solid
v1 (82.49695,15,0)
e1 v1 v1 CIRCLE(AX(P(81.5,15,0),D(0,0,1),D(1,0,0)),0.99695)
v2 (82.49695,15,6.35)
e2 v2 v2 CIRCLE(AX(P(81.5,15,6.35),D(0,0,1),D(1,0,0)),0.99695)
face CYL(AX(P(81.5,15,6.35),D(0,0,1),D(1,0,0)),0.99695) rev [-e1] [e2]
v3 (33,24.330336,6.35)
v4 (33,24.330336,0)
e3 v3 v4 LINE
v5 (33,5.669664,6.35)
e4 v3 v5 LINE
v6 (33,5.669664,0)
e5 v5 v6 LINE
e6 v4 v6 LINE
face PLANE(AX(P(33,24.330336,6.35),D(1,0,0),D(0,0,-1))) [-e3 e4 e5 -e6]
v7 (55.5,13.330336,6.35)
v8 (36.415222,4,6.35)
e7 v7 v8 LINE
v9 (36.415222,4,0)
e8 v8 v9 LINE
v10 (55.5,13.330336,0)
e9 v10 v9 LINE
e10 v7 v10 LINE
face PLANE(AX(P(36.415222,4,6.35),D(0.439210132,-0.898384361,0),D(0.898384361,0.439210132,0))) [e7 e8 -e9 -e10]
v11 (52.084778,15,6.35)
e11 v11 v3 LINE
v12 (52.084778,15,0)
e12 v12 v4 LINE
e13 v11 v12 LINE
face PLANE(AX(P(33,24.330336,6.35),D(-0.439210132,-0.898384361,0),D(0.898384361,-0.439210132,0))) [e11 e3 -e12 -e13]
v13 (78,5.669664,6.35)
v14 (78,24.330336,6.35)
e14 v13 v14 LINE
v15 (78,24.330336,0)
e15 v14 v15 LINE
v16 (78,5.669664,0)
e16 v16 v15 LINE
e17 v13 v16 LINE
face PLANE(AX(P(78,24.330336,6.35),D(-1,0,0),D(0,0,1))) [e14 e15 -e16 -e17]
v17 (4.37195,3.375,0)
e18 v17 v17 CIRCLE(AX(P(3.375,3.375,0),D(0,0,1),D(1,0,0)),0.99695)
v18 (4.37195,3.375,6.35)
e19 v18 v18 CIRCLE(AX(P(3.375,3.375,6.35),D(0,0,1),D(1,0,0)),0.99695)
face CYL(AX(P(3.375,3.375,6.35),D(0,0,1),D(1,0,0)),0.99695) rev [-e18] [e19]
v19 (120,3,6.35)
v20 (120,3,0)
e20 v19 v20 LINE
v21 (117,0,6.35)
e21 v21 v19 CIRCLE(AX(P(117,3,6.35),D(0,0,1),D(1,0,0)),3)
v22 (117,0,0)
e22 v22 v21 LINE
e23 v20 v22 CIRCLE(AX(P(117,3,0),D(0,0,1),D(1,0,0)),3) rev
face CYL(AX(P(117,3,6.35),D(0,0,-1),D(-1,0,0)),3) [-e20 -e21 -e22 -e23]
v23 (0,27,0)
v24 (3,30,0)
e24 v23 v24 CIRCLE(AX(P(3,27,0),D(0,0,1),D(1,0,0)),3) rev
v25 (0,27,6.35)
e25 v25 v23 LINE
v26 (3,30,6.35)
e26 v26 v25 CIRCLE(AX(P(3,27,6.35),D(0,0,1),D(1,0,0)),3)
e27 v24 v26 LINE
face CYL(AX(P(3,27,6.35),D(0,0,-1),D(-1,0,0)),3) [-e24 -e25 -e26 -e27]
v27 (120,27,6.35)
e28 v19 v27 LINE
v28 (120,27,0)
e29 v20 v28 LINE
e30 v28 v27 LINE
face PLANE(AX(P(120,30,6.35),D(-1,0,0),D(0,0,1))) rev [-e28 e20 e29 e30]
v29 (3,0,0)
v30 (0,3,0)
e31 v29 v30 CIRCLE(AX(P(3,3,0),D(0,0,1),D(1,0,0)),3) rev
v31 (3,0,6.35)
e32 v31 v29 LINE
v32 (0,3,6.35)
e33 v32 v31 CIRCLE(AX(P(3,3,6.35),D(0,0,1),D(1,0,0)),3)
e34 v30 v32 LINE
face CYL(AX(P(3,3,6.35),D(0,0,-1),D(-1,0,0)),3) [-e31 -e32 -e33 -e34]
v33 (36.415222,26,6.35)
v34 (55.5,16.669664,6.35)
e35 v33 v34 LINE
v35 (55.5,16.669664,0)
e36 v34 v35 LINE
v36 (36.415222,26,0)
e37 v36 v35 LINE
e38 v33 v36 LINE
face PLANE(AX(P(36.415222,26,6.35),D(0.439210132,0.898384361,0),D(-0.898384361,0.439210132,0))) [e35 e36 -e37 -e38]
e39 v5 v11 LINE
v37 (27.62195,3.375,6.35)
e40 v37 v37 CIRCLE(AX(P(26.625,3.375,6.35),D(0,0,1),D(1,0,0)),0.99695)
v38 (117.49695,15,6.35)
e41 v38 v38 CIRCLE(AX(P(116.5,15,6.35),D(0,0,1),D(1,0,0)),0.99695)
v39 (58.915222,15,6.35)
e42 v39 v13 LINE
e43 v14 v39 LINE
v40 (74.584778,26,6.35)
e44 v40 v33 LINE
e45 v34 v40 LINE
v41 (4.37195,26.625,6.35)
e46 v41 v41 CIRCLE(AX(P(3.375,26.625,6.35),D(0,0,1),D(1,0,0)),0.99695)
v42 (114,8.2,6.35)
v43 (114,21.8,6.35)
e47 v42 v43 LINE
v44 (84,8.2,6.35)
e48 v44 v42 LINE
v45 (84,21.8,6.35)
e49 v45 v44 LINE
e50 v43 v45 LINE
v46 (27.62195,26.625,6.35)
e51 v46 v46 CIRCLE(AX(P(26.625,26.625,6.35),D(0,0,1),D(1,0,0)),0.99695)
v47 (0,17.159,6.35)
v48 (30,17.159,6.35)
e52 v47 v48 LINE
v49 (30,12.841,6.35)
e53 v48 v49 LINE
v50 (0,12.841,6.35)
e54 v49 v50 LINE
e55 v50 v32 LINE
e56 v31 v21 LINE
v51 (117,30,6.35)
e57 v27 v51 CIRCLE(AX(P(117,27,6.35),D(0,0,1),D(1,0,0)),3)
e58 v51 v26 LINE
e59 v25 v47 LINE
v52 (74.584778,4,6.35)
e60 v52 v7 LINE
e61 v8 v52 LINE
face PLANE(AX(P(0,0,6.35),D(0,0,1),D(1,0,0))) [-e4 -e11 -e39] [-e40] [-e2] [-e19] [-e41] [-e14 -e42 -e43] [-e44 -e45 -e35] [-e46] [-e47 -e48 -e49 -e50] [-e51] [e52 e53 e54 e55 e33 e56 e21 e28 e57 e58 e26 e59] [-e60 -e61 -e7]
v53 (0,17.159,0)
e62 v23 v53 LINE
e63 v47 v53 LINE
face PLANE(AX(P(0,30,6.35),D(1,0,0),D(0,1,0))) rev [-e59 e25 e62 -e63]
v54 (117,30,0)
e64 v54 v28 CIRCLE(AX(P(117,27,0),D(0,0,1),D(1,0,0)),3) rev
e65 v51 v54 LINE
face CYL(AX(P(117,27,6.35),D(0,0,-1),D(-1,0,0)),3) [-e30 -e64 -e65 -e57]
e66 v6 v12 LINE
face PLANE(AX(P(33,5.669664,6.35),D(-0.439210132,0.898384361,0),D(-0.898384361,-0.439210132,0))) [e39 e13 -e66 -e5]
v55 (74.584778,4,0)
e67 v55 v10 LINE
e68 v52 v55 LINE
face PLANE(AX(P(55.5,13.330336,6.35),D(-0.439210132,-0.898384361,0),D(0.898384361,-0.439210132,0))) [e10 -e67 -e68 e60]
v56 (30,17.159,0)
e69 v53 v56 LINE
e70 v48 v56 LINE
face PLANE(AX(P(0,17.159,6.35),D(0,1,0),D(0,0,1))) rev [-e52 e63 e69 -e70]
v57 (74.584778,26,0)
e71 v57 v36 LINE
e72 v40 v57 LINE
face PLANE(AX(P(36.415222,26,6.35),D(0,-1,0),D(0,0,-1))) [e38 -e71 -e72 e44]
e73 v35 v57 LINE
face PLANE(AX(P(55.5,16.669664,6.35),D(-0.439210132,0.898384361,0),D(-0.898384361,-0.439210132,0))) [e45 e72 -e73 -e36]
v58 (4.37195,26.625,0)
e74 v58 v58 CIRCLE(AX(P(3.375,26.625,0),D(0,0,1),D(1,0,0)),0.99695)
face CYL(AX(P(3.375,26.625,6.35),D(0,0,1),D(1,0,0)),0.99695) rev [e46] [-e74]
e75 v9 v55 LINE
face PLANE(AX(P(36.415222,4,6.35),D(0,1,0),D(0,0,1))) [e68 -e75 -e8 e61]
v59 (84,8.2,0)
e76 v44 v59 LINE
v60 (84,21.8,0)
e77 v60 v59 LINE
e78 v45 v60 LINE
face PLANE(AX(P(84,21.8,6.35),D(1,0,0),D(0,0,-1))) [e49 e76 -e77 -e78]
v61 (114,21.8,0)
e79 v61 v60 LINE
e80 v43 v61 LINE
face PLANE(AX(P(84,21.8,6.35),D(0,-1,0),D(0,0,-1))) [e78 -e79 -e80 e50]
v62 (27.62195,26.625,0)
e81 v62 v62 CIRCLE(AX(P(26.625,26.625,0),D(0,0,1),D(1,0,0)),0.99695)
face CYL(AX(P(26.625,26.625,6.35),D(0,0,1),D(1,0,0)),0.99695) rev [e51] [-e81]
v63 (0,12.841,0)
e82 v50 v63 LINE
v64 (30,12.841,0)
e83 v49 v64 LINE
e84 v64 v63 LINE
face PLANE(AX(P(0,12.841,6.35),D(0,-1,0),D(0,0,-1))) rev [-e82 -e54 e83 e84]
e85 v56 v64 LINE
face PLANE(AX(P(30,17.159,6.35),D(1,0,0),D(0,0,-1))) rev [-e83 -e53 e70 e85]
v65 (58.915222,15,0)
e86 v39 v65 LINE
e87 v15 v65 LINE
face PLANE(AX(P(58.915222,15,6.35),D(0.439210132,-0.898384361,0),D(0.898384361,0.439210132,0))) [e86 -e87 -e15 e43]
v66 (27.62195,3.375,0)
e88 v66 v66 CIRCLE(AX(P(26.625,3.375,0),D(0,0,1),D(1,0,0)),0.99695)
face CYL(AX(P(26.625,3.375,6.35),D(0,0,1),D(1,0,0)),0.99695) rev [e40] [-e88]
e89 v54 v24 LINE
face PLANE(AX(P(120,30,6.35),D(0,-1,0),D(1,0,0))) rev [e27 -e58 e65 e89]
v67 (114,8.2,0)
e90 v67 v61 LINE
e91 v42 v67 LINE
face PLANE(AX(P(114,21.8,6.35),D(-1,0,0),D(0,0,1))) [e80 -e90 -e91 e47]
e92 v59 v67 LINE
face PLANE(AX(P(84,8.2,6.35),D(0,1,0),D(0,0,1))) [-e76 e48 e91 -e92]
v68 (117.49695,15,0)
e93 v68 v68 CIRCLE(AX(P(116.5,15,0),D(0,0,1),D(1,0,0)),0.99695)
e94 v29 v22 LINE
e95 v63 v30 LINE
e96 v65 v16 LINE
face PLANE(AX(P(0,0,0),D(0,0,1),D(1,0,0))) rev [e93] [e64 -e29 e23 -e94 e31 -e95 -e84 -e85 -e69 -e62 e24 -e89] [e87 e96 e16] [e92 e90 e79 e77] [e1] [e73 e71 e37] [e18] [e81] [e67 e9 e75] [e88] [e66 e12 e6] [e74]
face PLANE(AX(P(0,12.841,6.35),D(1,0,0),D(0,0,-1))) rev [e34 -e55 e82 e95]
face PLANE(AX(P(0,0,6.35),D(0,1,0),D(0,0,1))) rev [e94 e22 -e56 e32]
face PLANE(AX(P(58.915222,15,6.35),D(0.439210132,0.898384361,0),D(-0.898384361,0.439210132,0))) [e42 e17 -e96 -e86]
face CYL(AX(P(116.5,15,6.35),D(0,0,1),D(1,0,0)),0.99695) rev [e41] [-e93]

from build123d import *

# Parameters (mm, degrees)
SKETCH1_W                     = 30
SKETCH1_H                     = 13.6
MAIN_SHAPE_DEPTH              = 6.35
SHOULDER_X_MOUNT_HOLES_D      = 1.9939
SHOULDER_X_MOUNT_HOLES_DEPTH  = 7.67
SHOULDER_X_MOUNT_HOLES_TIP    = 0.599027994
ELBOW_SERVO_MOUNT_HOLES_D     = 1.9939
ELBOW_SERVO_MOUNT_HOLES_DEPTH = 7.67
ELBOW_SERVO_MOUNT_HOLES_TIP   = 0.599027994
FILLET2_R                     = 3
WEIGHT_REMOVAL_DEPTH          = 7.35


with BuildPart() as part:
    # Sketch1 → main shape (new body)
    with BuildSketch(Plane.XY):
        Polygon((0, 0), (120, 0), (120, 30), (0, 30), (0, 17.159), (30, 17.159), (30, 12.841), (0, 12.841), align=None)
        with Locations((99, 15)):
            Rectangle(SKETCH1_W, SKETCH1_H, mode=Mode.SUBTRACT)
    extrude(amount=MAIN_SHAPE_DEPTH)

    # shoulder X mount holes
    with Locations(Plane.XY.offset(6.35)):
        with Locations((26.625, 26.625), (26.625, 3.375), (3.375, 3.375), (3.375, 26.625)):
            Hole(SHOULDER_X_MOUNT_HOLES_D / 2, depth=SHOULDER_X_MOUNT_HOLES_DEPTH)
            with Locations((0, 0, -(SHOULDER_X_MOUNT_HOLES_DEPTH + SHOULDER_X_MOUNT_HOLES_TIP / 2))):  # 118° drill point
                Cone(0, SHOULDER_X_MOUNT_HOLES_D / 2, SHOULDER_X_MOUNT_HOLES_TIP, mode=Mode.SUBTRACT)

    # elbow servo mount holes
    with Locations(Plane.XY.offset(6.35)):
        with Locations((81.5, 15), (116.5, 15)):
            Hole(ELBOW_SERVO_MOUNT_HOLES_D / 2, depth=ELBOW_SERVO_MOUNT_HOLES_DEPTH)
            with Locations((0, 0, -(ELBOW_SERVO_MOUNT_HOLES_DEPTH + ELBOW_SERVO_MOUNT_HOLES_TIP / 2))):  # 118° drill point
                Cone(0, ELBOW_SERVO_MOUNT_HOLES_D / 2, ELBOW_SERVO_MOUNT_HOLES_TIP, mode=Mode.SUBTRACT)

    # Fillet2
    fillet2_edges = [part.edges().sort_by_distance(p)[0] for p in [
        (0, 30, 3.175),
        (120, 30, 3.175),
        (120, 0, 3.175),
        (0, 0, 3.175),
    ]]
    fillet(fillet2_edges, radius=FILLET2_R)

    # Sketch8 → weight removal (cut, through all)
    with BuildSketch(Plane.XY):
        Polygon((36.41522176, 26), (55.5, 16.669663972), (74.58477824, 26), align=None)
        Polygon((36.41522176, 4), (74.58477824, 4), (55.5, 13.330336028), align=None)
        Polygon((78, 24.330336028), (78, 5.669663972), (58.91522176, 15), align=None)
        Polygon((33, 24.330336028), (52.08477824, 15), (33, 5.669663972), align=None)
    extrude(amount=WEIGHT_REMOVAL_DEPTH, mode=Mode.SUBTRACT)


solid = part.part
